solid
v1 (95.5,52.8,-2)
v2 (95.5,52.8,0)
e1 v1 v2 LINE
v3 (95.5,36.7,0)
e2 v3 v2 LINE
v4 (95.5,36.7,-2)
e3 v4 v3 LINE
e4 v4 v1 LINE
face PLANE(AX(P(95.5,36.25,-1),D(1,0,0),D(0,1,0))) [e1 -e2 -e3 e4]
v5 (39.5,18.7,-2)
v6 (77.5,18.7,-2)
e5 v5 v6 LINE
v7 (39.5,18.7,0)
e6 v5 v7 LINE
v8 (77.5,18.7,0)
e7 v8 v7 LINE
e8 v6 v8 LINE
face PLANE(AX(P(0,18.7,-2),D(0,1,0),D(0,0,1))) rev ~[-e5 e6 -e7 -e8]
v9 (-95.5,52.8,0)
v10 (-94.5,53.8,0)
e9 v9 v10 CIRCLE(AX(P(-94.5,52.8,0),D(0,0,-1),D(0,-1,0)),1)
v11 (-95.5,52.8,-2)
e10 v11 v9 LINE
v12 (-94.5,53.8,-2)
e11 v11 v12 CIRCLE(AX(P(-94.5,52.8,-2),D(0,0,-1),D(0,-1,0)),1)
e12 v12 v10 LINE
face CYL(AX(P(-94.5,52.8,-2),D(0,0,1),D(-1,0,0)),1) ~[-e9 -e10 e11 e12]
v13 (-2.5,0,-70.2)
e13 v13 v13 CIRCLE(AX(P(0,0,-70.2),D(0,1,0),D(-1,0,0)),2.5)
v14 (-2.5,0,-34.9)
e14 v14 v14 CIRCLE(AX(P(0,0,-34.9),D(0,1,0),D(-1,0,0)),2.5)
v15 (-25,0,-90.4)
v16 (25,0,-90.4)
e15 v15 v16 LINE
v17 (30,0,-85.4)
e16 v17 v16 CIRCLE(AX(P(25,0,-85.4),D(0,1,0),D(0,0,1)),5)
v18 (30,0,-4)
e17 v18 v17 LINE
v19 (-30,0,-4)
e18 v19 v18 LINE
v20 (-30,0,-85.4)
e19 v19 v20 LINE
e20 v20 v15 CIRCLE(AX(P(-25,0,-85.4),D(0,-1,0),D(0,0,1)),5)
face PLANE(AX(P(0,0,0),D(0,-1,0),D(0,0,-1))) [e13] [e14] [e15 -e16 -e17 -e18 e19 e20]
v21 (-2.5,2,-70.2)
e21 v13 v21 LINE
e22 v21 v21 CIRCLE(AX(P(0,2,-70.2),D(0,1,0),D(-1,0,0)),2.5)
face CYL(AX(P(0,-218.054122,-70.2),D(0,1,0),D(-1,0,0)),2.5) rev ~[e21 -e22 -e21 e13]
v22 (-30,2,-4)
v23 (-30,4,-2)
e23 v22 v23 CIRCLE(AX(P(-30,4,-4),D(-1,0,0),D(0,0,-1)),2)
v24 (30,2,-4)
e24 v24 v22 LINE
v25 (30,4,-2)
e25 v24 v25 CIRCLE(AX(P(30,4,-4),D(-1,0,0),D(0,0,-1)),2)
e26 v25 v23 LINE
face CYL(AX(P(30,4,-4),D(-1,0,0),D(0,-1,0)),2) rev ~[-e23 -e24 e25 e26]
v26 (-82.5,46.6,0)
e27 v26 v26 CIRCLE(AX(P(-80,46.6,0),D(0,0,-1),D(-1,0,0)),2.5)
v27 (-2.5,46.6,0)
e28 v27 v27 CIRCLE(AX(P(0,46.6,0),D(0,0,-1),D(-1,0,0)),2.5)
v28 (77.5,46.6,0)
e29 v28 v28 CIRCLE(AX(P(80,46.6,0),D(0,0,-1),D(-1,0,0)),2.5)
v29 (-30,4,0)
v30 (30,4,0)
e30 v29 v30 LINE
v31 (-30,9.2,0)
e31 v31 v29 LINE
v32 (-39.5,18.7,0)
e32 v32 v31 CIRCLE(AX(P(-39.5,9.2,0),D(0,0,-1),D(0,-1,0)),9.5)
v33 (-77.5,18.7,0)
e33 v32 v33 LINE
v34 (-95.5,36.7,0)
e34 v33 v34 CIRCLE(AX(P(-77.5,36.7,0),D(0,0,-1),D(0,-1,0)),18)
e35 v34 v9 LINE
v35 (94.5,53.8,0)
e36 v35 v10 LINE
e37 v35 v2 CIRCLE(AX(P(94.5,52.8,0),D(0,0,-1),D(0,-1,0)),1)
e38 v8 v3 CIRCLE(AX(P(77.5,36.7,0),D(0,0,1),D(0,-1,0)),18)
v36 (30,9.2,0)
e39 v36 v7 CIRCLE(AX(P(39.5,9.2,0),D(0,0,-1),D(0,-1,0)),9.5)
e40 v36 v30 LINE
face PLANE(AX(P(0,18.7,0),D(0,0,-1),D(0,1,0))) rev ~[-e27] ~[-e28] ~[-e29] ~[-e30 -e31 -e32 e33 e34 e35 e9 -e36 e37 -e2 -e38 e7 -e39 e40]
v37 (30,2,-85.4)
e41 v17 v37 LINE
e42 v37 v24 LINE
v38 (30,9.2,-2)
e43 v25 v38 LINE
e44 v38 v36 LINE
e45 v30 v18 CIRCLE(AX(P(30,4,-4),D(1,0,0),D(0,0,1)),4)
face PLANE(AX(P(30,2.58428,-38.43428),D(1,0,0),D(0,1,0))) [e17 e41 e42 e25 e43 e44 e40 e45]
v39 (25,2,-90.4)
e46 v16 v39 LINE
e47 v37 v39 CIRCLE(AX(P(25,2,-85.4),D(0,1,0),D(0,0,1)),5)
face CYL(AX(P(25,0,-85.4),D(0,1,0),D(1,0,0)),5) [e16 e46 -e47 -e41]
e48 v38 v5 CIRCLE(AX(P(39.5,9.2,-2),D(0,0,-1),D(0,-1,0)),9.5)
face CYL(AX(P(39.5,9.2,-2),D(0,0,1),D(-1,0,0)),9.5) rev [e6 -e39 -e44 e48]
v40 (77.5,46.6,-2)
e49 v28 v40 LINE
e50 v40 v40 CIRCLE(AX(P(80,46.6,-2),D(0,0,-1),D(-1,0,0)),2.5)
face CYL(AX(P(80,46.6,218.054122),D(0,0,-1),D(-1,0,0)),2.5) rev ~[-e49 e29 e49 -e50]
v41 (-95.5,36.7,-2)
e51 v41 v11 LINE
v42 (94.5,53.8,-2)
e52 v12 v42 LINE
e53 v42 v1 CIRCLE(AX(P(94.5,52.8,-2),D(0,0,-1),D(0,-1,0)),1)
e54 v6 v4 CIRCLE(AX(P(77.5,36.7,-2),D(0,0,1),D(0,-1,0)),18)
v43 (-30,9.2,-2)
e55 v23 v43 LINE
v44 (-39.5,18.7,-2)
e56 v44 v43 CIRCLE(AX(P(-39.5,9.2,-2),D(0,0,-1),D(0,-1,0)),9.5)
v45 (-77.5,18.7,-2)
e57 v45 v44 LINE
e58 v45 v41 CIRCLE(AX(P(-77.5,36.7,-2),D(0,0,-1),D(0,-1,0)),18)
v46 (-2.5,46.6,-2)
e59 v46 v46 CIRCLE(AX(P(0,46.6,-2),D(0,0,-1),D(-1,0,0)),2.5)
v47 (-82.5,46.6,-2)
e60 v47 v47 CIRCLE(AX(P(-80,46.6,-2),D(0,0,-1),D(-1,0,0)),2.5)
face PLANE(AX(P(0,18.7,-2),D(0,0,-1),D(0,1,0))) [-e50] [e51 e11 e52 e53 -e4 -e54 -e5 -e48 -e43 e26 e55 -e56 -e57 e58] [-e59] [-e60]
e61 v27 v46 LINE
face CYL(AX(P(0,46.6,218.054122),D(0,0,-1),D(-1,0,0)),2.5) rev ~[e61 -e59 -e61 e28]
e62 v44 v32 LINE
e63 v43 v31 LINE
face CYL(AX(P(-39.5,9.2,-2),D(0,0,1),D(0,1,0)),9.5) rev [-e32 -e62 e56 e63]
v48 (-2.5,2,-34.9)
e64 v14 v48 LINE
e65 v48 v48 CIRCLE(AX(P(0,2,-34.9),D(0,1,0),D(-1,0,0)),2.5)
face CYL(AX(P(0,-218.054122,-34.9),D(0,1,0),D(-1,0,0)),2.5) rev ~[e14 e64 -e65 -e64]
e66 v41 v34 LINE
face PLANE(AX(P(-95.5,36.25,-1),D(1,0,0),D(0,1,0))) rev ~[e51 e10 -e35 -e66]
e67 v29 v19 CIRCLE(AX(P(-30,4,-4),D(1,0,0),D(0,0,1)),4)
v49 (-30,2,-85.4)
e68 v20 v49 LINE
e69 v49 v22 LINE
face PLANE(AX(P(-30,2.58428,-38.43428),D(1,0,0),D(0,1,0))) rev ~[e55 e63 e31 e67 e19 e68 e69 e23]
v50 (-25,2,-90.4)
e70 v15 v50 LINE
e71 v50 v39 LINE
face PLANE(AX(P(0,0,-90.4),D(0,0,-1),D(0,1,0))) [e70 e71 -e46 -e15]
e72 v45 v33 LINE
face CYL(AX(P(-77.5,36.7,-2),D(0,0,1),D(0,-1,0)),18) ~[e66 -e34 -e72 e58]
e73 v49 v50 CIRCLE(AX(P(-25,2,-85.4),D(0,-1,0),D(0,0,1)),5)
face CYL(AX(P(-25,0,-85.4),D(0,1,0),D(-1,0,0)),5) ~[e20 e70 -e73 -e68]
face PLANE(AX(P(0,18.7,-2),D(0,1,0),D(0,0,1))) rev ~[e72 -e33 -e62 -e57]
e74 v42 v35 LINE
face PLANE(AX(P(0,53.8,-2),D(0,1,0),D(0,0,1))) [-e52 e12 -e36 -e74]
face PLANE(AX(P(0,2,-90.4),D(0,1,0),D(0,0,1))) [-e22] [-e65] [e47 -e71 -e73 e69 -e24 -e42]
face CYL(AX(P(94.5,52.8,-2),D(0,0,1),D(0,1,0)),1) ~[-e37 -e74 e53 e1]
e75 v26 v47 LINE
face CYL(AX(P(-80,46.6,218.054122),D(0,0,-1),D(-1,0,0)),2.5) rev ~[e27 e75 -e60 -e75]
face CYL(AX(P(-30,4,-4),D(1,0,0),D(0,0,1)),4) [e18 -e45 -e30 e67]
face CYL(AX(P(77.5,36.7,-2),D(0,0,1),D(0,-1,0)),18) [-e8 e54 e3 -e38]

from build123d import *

# Parameters (mm, degrees)
F0_W     = 35.1
F0_H     = 2
F1_DEPTH = 95.5
F2_DEPTH = 30
F3_R     = 18
F4_R     = 9.5
F5_R     = 5
F7_D     = 5
F9_D     = 5
F10_R    = 1
F11_R    = 4
F12_R    = 2


with BuildPart() as f1:
    # F0 (on Right) → F1 (new body, symmetric)
    with BuildSketch(Plane.YZ):
        with Locations((36.25, -1)):
            Rectangle(F0_W, F0_H)
    extrude(amount=F1_DEPTH, both=True)

    # F0 (on Right) → F2 (join, symmetric)
    with BuildSketch(Plane.YZ):
        Polygon((18.7, 0), (3.5, 0), (0, 0), (0, -3.5), (0, -90.4), (2, -90.4), (2, -3.5), (2, -2), (3.5, -2), (18.7, -2), align=None)
    extrude(amount=F2_DEPTH, both=True)

    # F3
    f3_edges = [f1.edges().sort_by_distance(p)[0] for p in [
        (95.5, 18.7, -1),
        (-95.5, 18.7, -1),
    ]]
    fillet(f3_edges, radius=F3_R)

    # F4
    f4_edges = [f1.edges().sort_by_distance(p)[0] for p in [
        (-30, 18.7, -1),
        (30, 18.7, -1),
    ]]
    fillet(f4_edges, radius=F4_R)

    # F5
    f5_edges = [f1.edges().sort_by_distance(p)[0] for p in [
        (-30, 1, -90.4),
        (30, 1, -90.4),
    ]]
    fillet(f5_edges, radius=F5_R)

    # F7 (through all)
    with Locations(Plane.XZ):
        with Locations((0, -70.2), (0, -34.9)):
            Hole(F7_D / 2)

    # F9 (through all)
    with Locations(Plane.XY):
        with Locations((-80, 46.6), (0, 46.6), (80, 46.6)):
            Hole(F9_D / 2)

    # F10
    f10_edges = [f1.edges().sort_by_distance(p)[0] for p in [
        (95.5, 53.8, -1),
        (-95.5, 53.8, -1),
    ]]
    fillet(f10_edges, radius=F10_R)

    # F11
    f11_edges = [f1.edges().sort_by_distance(p)[0] for p in [
        (0, 0, 0),
    ]]
    fillet(f11_edges, radius=F11_R)

    # F12
    f12_edges = [f1.edges().sort_by_distance(p)[0] for p in [
        (0, 2, -2),
    ]]
    fillet(f12_edges, radius=F12_R)


solid = f1.part
